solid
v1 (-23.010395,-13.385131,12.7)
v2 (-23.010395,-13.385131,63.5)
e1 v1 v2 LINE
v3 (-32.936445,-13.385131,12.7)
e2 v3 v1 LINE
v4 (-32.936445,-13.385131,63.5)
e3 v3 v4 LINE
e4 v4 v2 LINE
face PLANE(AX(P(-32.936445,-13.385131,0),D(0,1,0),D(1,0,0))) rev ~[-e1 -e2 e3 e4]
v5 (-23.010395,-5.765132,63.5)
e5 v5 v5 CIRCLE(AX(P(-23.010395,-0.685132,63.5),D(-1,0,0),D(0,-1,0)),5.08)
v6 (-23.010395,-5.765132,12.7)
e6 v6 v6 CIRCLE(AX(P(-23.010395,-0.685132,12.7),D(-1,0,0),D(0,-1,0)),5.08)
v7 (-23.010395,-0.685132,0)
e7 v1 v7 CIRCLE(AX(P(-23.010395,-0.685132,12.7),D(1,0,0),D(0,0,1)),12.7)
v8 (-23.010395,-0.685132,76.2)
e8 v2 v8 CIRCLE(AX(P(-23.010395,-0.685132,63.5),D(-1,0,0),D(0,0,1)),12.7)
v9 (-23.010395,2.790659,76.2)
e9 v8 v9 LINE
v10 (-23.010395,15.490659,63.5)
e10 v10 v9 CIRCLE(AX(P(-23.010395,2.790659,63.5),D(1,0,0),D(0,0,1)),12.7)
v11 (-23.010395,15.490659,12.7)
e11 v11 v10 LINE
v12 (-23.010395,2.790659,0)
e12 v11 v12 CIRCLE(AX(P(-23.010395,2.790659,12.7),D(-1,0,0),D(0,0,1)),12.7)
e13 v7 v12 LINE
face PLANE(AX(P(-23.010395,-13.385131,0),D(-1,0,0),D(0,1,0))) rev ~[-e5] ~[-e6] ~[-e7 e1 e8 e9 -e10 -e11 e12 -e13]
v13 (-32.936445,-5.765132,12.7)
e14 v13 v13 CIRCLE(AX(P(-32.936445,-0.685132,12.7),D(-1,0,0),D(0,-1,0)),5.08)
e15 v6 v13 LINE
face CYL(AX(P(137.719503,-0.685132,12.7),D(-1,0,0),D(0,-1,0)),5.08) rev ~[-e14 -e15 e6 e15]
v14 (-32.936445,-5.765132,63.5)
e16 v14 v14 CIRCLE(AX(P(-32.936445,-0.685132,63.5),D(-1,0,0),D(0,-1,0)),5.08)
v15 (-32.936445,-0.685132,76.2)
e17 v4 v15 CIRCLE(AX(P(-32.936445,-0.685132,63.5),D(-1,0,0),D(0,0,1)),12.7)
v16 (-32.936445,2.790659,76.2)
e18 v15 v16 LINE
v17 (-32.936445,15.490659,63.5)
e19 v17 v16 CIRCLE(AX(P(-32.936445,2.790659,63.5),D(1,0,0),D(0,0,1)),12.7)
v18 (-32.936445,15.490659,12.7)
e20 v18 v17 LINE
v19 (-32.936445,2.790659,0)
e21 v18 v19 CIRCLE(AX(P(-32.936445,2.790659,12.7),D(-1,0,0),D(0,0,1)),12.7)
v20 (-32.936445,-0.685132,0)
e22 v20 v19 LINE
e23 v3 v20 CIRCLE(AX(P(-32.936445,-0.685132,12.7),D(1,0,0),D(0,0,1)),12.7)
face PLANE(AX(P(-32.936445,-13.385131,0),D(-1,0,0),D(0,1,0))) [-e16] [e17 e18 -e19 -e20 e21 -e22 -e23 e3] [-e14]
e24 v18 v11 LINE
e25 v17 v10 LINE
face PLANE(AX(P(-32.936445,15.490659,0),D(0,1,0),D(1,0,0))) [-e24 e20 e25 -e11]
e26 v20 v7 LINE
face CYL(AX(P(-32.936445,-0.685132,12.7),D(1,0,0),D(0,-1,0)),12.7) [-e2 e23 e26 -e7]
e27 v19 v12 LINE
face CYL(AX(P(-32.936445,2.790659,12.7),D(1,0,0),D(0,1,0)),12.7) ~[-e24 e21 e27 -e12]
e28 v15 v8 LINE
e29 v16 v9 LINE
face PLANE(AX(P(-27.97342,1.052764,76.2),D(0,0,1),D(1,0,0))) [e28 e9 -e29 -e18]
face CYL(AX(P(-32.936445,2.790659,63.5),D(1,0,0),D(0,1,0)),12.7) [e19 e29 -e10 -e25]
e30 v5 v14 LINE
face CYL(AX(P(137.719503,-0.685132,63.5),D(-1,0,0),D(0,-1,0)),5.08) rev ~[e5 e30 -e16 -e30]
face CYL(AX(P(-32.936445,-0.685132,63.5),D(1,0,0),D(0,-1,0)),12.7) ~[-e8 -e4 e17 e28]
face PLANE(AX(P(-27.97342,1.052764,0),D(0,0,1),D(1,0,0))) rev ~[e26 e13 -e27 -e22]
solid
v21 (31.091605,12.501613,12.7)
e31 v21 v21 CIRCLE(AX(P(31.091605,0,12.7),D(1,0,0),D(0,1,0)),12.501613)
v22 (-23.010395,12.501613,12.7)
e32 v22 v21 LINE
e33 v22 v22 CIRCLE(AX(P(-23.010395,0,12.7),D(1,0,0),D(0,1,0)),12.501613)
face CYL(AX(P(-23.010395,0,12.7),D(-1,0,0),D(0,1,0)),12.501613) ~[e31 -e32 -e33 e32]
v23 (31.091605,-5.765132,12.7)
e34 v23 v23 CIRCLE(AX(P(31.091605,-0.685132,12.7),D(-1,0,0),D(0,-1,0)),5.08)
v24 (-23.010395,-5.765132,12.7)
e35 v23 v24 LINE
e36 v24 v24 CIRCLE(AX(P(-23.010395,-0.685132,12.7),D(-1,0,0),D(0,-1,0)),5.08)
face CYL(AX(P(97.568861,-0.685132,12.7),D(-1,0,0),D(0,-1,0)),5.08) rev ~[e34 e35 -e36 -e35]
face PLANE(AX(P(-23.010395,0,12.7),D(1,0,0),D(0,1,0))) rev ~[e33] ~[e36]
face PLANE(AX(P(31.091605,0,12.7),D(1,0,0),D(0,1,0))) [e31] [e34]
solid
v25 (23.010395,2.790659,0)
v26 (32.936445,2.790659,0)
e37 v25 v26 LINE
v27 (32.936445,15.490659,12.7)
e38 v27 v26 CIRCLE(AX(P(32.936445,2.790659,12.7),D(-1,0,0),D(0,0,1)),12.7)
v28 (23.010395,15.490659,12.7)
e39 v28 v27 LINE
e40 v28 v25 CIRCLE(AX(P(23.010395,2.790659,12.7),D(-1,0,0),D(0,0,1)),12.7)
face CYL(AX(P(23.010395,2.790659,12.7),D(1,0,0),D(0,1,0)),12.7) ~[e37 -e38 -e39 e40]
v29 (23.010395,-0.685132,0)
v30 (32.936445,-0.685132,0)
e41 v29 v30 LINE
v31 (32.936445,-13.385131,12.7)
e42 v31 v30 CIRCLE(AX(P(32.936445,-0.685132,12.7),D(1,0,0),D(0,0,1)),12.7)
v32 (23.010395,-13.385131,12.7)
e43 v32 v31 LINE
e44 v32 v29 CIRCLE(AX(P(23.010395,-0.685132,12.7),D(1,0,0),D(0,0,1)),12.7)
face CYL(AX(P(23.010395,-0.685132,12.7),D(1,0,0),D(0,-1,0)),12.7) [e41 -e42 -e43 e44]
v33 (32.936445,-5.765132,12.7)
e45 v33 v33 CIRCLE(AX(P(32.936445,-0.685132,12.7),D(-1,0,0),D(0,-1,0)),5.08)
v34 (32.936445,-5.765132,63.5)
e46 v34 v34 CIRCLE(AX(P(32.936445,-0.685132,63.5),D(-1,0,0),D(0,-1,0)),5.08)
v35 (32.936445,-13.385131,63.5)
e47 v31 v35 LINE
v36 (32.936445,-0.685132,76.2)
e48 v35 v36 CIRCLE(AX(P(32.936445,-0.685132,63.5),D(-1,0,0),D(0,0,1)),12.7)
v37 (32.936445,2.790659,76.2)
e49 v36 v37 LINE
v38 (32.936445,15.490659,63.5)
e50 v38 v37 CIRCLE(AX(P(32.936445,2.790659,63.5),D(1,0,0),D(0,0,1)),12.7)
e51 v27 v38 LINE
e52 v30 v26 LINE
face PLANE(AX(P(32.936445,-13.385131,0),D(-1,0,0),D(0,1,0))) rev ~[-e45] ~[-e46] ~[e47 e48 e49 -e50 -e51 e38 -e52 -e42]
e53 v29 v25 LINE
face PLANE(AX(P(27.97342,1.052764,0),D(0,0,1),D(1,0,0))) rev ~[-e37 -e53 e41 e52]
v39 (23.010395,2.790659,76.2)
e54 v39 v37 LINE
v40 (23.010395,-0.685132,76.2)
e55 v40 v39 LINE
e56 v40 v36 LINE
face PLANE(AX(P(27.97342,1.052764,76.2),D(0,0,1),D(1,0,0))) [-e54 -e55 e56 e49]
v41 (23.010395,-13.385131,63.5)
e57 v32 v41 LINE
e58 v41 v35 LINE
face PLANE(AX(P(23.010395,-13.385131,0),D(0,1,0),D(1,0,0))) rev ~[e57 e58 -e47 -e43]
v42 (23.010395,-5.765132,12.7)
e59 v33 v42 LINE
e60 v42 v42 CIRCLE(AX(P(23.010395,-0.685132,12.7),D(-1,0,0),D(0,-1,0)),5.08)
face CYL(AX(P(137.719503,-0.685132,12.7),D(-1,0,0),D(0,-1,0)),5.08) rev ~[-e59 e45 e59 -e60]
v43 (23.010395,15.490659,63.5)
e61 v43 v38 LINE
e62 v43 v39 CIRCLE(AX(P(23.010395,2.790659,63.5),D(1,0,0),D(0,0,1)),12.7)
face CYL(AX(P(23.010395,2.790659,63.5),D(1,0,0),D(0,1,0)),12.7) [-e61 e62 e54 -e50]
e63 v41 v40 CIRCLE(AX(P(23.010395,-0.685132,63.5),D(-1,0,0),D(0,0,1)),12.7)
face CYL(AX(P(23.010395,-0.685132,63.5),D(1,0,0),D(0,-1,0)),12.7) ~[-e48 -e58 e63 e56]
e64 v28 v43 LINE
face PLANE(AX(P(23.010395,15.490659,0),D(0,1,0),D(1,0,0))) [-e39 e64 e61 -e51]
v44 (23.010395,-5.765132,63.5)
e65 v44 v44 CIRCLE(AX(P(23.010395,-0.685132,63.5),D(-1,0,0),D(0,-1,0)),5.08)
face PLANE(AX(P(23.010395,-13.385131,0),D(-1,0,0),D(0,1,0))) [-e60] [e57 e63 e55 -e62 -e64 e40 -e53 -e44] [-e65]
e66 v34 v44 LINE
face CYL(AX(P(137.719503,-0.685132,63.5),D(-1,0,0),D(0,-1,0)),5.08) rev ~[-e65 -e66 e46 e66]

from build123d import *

# Parameters (mm, degrees)
F0_W     = 9.926051
F0_H     = 28.875791
F1_DEPTH = 76.2
F2_R     = 12.7
F3_R     = 12.501613
F4_DEPTH = 54.102
F6_D     = 10.16
F6_2_D   = 10.16


with BuildPart() as f1:
    # F0 (on Top) → F1 (new body)
    with BuildSketch(Plane.XY):
        with Locations((-27.97342, 1.052764)):
            Rectangle(F0_W, F0_H)
        with Locations((27.97342, 1.052764)):
            Rectangle(F0_W, F0_H)
    extrude(amount=F1_DEPTH)

    # F2
    f2_edges = [f1.edges().sort_by_distance(p)[0] for p in [
        (-27.973421, 15.490659, 76.2),
        (-27.973421, -13.385132, 76.2),
        (27.973421, 15.490659, 76.2),
        (27.973421, -13.385132, 76.2),
        (27.973421, -13.385132, 0),
        (-27.973421, -13.385132, 0),
        (-27.973421, 15.490659, 0),
        (27.973421, 15.490659, 0),
    ]]
    fillet(f2_edges, radius=F2_R)

    # F6 (through all)
    with Locations(Plane.YZ.offset(32.936446)):
        with Locations((-0.685132, 12.7), (-0.685132, 63.5)):
            Hole(F6_D / 2)


with BuildPart() as f4:
    # F3 (on face) → F4 (new body)
    with BuildSketch(Plane.YZ.offset(-23.010395)):
        with Locations((0, 12.7)):
            Circle(F3_R)
    extrude(amount=F4_DEPTH)

    # F6#2 (through all)
    with Locations(Plane.YZ.offset(32.936446)):
        with Locations((-0.685132, 12.7), (-0.685132, 63.5)):
            Hole(F6_2_D / 2)


solid = Compound([f1.part, f4.part])
